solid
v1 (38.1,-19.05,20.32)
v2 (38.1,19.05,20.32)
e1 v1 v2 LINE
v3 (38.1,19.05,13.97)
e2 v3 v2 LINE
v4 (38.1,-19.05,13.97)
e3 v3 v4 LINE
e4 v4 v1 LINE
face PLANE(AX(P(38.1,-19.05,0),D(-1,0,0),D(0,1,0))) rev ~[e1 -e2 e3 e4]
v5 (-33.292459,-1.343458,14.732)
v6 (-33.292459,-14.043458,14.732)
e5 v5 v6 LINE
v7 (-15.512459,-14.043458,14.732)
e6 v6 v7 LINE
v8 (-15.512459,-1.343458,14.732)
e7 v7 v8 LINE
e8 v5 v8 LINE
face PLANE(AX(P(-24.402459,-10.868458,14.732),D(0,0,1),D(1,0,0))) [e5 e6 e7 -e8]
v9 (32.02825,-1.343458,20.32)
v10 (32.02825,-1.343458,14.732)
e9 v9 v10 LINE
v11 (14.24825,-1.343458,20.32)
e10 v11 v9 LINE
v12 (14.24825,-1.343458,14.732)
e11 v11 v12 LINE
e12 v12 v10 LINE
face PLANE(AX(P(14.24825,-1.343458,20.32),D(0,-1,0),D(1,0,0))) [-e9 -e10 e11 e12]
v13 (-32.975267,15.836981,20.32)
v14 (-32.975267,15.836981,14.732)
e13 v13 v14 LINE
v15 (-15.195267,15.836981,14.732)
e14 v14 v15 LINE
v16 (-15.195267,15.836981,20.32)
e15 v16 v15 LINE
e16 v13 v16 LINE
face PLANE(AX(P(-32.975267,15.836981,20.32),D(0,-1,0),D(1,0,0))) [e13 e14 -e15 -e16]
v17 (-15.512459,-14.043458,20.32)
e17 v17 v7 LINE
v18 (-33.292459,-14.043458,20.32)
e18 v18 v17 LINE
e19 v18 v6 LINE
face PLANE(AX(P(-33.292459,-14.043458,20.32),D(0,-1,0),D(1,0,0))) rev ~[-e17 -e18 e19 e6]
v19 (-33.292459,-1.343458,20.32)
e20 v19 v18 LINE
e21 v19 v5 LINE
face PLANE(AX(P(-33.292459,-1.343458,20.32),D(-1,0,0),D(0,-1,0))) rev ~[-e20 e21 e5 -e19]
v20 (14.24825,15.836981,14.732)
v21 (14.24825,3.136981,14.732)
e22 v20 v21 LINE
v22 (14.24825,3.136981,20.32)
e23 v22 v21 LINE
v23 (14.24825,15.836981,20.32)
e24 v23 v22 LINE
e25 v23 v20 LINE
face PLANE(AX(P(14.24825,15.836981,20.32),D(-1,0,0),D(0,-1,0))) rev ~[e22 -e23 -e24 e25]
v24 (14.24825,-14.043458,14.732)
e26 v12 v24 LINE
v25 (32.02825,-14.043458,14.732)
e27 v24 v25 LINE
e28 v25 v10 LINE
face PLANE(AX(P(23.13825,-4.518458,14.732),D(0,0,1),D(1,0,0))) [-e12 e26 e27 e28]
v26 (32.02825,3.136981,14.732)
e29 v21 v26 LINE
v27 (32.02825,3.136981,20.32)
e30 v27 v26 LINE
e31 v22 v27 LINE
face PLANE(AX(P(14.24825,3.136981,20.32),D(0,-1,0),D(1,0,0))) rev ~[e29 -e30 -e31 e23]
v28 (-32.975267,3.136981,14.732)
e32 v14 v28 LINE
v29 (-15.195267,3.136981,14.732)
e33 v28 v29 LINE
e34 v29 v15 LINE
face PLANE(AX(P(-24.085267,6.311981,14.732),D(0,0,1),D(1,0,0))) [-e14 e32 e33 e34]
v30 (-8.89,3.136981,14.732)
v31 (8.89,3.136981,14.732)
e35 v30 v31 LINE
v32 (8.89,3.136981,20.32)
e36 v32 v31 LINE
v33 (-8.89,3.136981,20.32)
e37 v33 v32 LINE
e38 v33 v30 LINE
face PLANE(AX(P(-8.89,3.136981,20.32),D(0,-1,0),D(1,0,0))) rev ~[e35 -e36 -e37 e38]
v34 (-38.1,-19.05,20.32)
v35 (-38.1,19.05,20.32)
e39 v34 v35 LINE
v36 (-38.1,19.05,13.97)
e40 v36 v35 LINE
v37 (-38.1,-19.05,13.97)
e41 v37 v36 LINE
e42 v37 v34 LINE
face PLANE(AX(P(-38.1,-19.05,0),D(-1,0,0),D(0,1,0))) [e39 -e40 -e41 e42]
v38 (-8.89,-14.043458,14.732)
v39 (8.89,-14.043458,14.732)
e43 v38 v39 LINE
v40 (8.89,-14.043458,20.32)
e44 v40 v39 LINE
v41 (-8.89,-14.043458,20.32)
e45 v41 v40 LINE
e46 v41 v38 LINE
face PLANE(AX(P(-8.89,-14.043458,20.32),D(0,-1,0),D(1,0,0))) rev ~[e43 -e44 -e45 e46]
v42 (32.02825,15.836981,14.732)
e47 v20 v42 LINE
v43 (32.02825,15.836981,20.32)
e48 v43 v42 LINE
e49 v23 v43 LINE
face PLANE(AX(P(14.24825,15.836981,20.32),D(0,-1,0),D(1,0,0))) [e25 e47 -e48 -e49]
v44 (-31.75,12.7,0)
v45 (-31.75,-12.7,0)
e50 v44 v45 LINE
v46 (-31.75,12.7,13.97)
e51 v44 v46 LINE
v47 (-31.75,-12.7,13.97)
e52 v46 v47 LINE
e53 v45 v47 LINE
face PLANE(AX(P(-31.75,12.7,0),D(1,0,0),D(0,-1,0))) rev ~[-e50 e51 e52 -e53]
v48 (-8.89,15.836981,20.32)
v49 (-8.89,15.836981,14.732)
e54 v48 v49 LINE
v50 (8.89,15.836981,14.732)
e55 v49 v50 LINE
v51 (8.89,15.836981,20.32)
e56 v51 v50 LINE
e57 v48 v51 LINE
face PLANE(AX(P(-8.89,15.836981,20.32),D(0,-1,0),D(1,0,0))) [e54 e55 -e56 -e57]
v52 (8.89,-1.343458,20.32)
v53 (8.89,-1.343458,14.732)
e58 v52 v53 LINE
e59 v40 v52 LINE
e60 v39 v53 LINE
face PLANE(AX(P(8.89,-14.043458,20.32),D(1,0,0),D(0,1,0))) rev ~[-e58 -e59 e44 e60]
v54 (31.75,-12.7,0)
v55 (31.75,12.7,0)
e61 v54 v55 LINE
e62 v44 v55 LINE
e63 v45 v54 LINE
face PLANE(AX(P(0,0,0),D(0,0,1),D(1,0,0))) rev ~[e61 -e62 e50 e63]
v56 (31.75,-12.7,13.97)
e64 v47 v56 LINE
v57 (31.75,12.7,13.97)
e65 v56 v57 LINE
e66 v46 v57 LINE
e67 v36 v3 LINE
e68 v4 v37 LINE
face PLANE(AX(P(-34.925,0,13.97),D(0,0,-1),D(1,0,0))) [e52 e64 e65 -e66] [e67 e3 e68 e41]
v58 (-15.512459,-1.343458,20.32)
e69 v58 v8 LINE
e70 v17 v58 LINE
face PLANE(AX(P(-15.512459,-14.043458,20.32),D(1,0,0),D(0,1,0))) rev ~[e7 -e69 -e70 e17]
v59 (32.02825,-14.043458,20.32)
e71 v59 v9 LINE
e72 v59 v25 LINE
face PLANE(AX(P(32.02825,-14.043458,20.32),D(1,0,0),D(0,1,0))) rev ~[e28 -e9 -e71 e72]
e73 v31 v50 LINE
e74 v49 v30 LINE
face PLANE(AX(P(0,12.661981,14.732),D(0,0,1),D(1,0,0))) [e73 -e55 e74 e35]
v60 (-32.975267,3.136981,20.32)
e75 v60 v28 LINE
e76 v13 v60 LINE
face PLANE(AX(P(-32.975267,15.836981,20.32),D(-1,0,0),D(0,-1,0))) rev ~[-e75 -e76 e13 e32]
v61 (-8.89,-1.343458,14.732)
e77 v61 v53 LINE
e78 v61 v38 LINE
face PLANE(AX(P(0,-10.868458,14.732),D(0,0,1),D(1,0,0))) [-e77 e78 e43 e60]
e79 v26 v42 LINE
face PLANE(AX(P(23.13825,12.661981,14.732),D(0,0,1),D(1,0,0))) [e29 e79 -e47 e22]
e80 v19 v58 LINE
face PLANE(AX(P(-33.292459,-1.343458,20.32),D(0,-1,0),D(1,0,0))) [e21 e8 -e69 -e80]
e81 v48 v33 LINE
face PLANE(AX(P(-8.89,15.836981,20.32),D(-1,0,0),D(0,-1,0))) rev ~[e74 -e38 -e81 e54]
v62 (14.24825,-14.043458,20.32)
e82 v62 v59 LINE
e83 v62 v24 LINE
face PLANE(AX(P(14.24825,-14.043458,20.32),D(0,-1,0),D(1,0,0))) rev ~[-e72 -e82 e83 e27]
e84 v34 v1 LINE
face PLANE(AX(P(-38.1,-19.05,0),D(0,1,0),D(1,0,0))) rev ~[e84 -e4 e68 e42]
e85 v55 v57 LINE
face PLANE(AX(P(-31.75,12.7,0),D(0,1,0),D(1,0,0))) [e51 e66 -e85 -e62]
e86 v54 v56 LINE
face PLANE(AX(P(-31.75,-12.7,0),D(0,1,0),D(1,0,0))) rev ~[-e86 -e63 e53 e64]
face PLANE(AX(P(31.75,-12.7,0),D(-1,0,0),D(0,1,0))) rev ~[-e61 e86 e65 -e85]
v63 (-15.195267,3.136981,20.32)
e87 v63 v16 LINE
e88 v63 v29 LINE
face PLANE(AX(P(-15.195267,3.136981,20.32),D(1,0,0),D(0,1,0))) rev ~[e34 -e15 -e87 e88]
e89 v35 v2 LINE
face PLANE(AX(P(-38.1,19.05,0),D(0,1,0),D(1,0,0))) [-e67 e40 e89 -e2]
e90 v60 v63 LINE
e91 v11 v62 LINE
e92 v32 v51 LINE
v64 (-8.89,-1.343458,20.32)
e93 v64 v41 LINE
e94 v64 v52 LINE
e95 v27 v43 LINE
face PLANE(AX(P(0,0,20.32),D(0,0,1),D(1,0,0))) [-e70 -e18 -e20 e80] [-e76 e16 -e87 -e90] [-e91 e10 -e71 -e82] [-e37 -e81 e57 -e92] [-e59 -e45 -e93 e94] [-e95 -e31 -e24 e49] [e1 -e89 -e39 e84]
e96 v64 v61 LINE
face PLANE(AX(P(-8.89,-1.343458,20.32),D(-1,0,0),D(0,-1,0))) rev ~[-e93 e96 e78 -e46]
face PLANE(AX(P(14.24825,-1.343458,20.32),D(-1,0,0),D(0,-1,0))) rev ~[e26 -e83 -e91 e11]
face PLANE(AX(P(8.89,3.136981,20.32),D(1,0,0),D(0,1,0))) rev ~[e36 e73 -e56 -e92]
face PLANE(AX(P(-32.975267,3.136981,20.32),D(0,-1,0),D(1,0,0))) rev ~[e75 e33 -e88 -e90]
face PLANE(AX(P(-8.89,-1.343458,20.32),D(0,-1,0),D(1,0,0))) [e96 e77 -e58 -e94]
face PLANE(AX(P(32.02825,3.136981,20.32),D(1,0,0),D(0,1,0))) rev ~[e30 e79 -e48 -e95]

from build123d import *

# Parameters (mm, degrees)
F0_W     = 76.2
F0_H     = 38.1
F1_DEPTH = 20.32
F2_W     = 63.5
F2_H     = 6.35
F3_DEPTH = 13.97
F4_W     = 17.78
F4_H     = 6.35
F5_DEPTH = 5.588


with BuildPart() as f1:
    # F0 (on Top) → F1 (new body)
    with BuildSketch(Plane.XY):
        Rectangle(F0_W, F0_H)
    extrude(amount=F1_DEPTH)

    # F2 (on face) → F3 (cut)
    with BuildSketch(Plane(origin=(0, 0, 0), x_dir=(1, 0, 0), z_dir=(0, 0, -1))):
        Polygon((-31.75, -12.7), (-31.75, 12.7), (-31.75, 19.05), (-38.1, 19.05), (-38.1, -19.05), (-31.75, -19.05), align=None)
        with Locations((0, 15.875)):
            Rectangle(F2_W, F2_H)
        Polygon((31.75, 19.05), (31.75, 12.7), (31.75, -12.7), (31.75, -19.05), (38.1, -19.05), (38.1, 19.05), align=None)
        with Locations((0, -15.875)):
            Rectangle(F2_W, F2_H)
    extrude(amount=-F3_DEPTH, mode=Mode.SUBTRACT)

    # F4 (on face) → F5 (cut)
    with BuildSketch(Plane.XY.offset(20.32)):
        with Locations((23.13825, 12.661981)):
            Rectangle(F4_W, F4_H)
        with Locations((23.13825, 6.311981)):
            Rectangle(F4_W, F4_H)
        with Locations((23.13825, -4.518458)):
            Rectangle(F4_W, F4_H)
        with Locations((23.13825, -10.868458)):
            Rectangle(F4_W, F4_H)
        with Locations((0, -10.868458)):
            Rectangle(F4_W, F4_H)
        with Locations((0, -4.518458)):
            Rectangle(F4_W, F4_H)
        with Locations((-24.402459, -10.868458)):
            Rectangle(F4_W, F4_H)
        with Locations((-24.402459, -4.518458)):
            Rectangle(F4_W, F4_H)
        with Locations((-24.085267, 6.311981)):
            Rectangle(F4_W, F4_H)
        with Locations((-24.085267, 12.661981)):
            Rectangle(F4_W, F4_H)
        with Locations((0, 12.661981)):
            Rectangle(F4_W, F4_H)
        with Locations((0, 6.311981)):
            Rectangle(F4_W, F4_H)
    extrude(amount=-F5_DEPTH, mode=Mode.SUBTRACT)


solid = f1.part
